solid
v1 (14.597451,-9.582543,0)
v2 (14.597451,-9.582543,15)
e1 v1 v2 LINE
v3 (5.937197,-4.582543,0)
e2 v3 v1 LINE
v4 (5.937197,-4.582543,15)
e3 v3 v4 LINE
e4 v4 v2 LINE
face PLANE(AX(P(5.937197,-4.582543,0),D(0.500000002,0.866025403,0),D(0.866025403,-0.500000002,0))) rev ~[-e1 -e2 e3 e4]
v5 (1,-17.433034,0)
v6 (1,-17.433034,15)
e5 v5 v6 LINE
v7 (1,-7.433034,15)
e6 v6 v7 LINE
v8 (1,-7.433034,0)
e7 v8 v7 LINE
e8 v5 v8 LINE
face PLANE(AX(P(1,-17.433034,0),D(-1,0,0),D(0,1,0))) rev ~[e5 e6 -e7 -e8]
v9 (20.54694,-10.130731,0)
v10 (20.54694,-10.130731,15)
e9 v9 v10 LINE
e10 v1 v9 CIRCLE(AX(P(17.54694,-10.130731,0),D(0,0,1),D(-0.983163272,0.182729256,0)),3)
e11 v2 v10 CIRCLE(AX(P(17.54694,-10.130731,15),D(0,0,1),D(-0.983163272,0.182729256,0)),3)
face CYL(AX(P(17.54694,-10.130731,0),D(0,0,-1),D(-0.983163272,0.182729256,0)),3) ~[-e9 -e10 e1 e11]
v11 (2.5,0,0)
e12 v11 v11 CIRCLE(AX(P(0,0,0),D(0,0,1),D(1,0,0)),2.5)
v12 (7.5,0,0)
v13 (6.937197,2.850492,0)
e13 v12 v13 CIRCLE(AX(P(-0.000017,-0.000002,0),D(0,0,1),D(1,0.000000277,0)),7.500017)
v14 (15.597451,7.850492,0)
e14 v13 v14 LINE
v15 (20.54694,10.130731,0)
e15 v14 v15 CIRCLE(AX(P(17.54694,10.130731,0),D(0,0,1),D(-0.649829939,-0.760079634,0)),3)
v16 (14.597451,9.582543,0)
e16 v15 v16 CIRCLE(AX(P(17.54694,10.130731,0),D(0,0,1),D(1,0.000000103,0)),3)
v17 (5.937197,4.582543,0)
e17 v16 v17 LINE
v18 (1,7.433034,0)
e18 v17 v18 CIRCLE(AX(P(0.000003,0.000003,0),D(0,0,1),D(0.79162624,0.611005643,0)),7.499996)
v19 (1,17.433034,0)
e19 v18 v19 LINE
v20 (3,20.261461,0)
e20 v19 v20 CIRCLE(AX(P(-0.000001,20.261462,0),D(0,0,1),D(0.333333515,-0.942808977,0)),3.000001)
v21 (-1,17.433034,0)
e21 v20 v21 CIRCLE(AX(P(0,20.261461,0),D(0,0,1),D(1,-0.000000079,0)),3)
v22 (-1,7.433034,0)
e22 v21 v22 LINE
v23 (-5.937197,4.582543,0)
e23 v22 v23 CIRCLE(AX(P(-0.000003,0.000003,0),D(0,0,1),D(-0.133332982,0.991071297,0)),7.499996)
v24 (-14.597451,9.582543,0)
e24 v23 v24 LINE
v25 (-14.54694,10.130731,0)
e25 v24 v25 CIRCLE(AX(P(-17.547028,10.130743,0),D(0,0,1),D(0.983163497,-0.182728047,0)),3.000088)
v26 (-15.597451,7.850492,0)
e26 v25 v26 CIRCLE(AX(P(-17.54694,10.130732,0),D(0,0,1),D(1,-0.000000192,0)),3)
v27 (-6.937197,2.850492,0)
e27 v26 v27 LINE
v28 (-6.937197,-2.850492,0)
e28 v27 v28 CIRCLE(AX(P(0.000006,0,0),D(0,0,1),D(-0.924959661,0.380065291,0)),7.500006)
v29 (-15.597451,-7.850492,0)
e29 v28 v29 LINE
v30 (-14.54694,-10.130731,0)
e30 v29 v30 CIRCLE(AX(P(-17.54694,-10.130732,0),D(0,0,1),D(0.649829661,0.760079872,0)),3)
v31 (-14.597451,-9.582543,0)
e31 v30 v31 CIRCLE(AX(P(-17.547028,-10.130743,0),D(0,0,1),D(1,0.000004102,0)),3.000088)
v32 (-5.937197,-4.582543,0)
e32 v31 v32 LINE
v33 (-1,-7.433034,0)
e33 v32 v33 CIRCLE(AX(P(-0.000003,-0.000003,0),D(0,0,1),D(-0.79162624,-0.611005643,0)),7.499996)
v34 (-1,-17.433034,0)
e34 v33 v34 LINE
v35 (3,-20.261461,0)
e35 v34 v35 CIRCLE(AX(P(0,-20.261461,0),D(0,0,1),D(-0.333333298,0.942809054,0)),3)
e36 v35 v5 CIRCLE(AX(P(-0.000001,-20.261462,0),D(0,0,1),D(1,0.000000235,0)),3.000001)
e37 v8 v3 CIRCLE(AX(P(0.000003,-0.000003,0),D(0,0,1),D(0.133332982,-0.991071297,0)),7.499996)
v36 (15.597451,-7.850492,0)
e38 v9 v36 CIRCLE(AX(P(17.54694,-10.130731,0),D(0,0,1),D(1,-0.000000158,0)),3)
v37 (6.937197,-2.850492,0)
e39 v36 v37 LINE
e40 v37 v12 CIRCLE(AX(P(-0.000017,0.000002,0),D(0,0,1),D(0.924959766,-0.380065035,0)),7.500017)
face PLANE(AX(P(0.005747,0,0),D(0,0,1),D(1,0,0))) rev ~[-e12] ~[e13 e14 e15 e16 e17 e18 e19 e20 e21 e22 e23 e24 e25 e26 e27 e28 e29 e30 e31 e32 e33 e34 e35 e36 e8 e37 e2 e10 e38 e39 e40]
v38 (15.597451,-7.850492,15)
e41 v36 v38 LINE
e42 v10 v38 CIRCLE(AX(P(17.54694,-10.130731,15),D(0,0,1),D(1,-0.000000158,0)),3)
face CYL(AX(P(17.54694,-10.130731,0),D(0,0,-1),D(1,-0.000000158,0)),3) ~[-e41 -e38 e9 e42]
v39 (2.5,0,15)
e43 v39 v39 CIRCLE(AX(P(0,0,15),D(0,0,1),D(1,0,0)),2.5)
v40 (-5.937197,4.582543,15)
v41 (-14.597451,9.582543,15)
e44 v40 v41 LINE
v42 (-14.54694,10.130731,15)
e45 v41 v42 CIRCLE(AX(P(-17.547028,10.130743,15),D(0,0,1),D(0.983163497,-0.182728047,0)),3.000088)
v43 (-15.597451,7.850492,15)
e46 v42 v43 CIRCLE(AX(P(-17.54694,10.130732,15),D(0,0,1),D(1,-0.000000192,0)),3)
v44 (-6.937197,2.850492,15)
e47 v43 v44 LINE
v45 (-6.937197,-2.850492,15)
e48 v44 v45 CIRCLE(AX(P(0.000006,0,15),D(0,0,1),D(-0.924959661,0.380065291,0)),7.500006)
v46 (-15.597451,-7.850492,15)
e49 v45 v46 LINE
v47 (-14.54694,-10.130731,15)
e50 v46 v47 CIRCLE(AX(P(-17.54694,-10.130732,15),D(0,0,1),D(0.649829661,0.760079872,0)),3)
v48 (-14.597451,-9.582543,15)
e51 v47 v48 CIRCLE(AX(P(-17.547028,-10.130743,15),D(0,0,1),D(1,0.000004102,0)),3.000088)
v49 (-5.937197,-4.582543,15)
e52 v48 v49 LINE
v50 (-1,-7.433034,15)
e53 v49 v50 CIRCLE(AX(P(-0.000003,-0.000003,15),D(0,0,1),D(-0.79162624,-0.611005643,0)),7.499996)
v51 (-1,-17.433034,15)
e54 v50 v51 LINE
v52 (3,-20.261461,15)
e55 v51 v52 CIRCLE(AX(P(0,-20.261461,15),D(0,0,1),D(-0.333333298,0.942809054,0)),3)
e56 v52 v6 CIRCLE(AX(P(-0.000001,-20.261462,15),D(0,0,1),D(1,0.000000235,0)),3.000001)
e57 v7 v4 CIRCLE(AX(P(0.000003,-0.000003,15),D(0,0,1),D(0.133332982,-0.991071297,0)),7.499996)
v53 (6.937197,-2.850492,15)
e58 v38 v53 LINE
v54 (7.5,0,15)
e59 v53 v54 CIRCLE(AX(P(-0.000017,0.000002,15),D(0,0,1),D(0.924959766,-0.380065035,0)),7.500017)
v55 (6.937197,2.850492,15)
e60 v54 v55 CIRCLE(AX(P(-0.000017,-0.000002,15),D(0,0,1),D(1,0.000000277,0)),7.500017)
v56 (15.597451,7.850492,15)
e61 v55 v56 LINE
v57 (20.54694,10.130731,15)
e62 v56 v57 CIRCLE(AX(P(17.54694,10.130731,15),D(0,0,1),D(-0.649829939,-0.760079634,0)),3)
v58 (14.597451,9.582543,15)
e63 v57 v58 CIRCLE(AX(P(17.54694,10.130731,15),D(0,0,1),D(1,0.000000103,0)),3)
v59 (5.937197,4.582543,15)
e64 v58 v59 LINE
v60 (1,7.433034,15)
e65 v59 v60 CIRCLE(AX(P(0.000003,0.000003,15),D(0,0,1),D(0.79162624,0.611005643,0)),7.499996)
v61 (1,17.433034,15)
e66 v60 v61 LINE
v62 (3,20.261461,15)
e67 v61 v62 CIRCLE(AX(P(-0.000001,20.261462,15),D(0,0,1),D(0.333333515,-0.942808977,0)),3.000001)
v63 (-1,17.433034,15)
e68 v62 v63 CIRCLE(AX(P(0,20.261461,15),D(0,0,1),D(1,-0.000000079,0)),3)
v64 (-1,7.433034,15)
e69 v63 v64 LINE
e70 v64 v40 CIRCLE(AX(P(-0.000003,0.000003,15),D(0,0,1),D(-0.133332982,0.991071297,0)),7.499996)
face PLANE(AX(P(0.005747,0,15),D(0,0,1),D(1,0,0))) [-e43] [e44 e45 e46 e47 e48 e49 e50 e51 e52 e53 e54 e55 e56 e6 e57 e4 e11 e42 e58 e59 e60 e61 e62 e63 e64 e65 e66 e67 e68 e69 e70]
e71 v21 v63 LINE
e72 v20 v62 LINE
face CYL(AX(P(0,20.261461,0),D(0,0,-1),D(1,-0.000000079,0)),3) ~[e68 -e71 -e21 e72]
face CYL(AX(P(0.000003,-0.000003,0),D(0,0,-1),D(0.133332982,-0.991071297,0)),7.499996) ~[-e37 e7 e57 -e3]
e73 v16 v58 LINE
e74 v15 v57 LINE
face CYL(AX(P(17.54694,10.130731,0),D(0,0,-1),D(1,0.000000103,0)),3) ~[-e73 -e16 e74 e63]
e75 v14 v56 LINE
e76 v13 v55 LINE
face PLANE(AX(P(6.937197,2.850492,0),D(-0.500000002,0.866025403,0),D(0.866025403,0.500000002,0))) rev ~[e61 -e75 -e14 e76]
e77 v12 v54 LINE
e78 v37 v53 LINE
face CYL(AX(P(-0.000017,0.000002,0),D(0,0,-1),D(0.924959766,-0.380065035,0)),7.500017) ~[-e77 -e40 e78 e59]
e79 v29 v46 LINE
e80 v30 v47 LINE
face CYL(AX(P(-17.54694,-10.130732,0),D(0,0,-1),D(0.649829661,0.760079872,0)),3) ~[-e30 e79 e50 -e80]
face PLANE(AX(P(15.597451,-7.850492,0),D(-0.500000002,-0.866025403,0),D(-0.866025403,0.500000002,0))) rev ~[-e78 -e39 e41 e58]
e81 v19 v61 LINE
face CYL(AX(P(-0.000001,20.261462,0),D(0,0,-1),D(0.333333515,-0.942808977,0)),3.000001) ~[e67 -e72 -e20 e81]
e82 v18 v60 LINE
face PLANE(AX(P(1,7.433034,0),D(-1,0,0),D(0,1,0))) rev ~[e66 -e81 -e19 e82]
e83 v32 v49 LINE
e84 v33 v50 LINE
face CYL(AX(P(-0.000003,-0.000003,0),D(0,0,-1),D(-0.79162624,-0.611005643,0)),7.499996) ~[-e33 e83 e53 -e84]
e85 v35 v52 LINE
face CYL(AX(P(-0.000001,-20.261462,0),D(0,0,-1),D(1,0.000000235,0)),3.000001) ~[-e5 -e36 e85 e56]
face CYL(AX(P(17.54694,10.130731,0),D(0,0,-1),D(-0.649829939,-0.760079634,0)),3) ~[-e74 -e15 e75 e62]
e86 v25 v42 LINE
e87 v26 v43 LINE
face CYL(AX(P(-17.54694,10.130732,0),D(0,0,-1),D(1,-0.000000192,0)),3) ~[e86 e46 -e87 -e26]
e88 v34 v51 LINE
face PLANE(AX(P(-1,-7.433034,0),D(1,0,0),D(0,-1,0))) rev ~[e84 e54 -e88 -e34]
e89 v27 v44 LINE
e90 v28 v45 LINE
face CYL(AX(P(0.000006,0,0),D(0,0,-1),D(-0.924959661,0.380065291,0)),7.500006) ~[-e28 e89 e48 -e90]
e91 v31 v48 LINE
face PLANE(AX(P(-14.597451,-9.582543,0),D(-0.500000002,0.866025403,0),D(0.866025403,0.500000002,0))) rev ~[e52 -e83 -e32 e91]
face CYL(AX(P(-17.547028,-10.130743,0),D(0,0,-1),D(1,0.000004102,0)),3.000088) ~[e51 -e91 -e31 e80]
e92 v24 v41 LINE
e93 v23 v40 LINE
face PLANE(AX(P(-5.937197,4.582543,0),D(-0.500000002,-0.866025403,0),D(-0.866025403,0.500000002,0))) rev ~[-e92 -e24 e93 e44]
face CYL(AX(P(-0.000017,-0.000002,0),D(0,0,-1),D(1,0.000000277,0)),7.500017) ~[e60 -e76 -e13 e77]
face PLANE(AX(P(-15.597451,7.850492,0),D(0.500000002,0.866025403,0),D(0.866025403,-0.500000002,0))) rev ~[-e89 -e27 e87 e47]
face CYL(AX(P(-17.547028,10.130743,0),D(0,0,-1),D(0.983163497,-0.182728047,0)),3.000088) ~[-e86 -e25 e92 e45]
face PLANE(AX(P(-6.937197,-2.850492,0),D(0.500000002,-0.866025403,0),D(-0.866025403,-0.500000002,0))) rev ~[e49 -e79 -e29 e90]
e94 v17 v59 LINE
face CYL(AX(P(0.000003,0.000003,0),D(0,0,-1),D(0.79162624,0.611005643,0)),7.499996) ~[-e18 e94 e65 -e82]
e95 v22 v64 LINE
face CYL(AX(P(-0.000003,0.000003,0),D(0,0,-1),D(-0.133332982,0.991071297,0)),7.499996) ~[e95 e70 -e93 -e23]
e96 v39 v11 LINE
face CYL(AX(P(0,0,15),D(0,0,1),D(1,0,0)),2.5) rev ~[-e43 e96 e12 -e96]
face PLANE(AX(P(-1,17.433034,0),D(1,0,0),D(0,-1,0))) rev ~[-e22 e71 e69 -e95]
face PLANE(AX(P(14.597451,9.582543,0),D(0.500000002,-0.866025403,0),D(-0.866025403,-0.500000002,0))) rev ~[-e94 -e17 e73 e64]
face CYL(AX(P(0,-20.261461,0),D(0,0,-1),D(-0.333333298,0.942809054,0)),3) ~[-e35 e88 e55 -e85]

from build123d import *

# Parameters (mm, degrees)
F1_DEPTH = 15
F2_R     = 2.5
F3_DEPTH = 15.001


with BuildPart() as f1:
    # F0 (on Top) → F1 (new body)
    with BuildSketch(Plane.XY):
        with BuildLine():
            ThreePointArc((6.937197, -2.850492), (7.357954, -1.45276), (7.5, 0))
            ThreePointArc((7.5, 0), (7.357954, 1.45276), (6.937197, 2.850492))
            ThreePointArc((6.937197, 2.850492), (6.495191, 3.75), (5.937197, 4.582543))
            ThreePointArc((5.937197, 4.582543), (3.75, 6.495191), (1, 7.433034))
            ThreePointArc((1, 7.433034), (0, 7.5), (-1, 7.433034))
            ThreePointArc((-1, 7.433034), (-3.75, 6.495191), (-5.937197, 4.582543))
            ThreePointArc((-5.937197, 4.582543), (-6.495191, 3.75), (-6.937197, 2.850492))
            ThreePointArc((-6.937197, 2.850492), (-7.5, 0), (-6.937197, -2.850492))
            ThreePointArc((-6.937197, -2.850492), (-6.495191, -3.75), (-5.937197, -4.582543))
            ThreePointArc((-5.937197, -4.582543), (-3.75, -6.495191), (-1, -7.433034))
            ThreePointArc((-1, -7.433034), (0, -7.5), (1, -7.433034))
            ThreePointArc((1, -7.433034), (3.75, -6.495191), (5.937197, -4.582543))
            ThreePointArc((5.937197, -4.582543), (6.495191, -3.75), (6.937197, -2.850492))
        make_face()
        with BuildLine():
            ThreePointArc((5.937197, 4.582543), (6.495191, 3.75), (6.937197, 2.850492))
            Line((6.937197, 2.850492), (15.597451, 7.850492))
            ThreePointArc((15.597451, 7.850492), (14.948864, 8.630731), (14.597451, 9.582543))
            Line((14.597451, 9.582543), (5.937197, 4.582543))
        make_face()
        with BuildLine():
            Line((15.597451, -7.850492), (6.937197, -2.850492))
            ThreePointArc((6.937197, -2.850492), (6.495191, -3.75), (5.937197, -4.582543))
            Line((5.937197, -4.582543), (14.597451, -9.582543))
            ThreePointArc((14.597451, -9.582543), (14.948864, -8.630731), (15.597451, -7.850492))
        make_face()
        with BuildLine():
            ThreePointArc((14.597451, 9.582543), (14.948864, 8.630731), (15.597451, 7.850492))
            ThreePointArc((15.597451, 7.850492), (18.802235, 7.405986), (20.54694, 10.130731))
            ThreePointArc((20.54694, 10.130731), (17.271685, 13.118076), (14.597451, 9.582543))
        make_face()
        with BuildLine():
            ThreePointArc((20.54694, -10.130731), (18.802235, -7.405986), (15.597451, -7.850492))
            ThreePointArc((15.597451, -7.850492), (14.948864, -8.630731), (14.597451, -9.582543))
            ThreePointArc((14.597451, -9.582543), (17.271685, -13.118076), (20.54694, -10.130731))
        make_face()
        with BuildLine():
            ThreePointArc((-1, 7.433034), (0, 7.5), (1, 7.433034))
            Line((1, 7.433034), (1, 17.433034))
            ThreePointArc((1, 17.433034), (0, 17.261461), (-1, 17.433034))
            Line((-1, 17.433034), (-1, 7.433034))
        make_face()
        with BuildLine():
            Line((1, -17.433034), (1, -7.433034))
            ThreePointArc((1, -7.433034), (0, -7.5), (-1, -7.433034))
            Line((-1, -7.433034), (-1, -17.433034))
            ThreePointArc((-1, -17.433034), (0, -17.261461), (1, -17.433034))
        make_face()
        with BuildLine():
            ThreePointArc((-1, 17.433034), (0, 17.261461), (1, 17.433034))
            ThreePointArc((1, 17.433034), (2.44949, 18.529411), (3, 20.261461))
            ThreePointArc((3, 20.261461), (-1.732051, 22.710951), (-1, 17.433034))
        make_face()
        with BuildLine():
            ThreePointArc((3, -20.261461), (2.44949, -18.529411), (1, -17.433034))
            ThreePointArc((1, -17.433034), (0, -17.261461), (-1, -17.433034))
            ThreePointArc((-1, -17.433034), (-1.732051, -22.710951), (3, -20.261461))
        make_face()
        with BuildLine():
            ThreePointArc((-6.937197, 2.850492), (-6.495191, 3.75), (-5.937197, 4.582543))
            Line((-5.937197, 4.582543), (-14.597451, 9.582543))
            ThreePointArc((-14.597451, 9.582543), (-14.948864, 8.630731), (-15.597451, 7.850492))
            Line((-15.597451, 7.850492), (-6.937197, 2.850492))
        make_face()
        with BuildLine():
            Line((-14.597451, -9.582543), (-5.937197, -4.582543))
            ThreePointArc((-5.937197, -4.582543), (-6.495191, -3.75), (-6.937197, -2.850492))
            Line((-6.937197, -2.850492), (-15.597451, -7.850492))
            ThreePointArc((-15.597451, -7.850492), (-14.948864, -8.630731), (-14.597451, -9.582543))
        make_face()
        with BuildLine():
            ThreePointArc((-15.597451, 7.850492), (-14.948864, 8.630731), (-14.597451, 9.582543))
            ThreePointArc((-14.597451, 9.582543), (-14.559595, 9.855476), (-14.54694, 10.130731))
            ThreePointArc((-14.54694, 10.130731), (-20.271685, 11.386026), (-15.597451, 7.850492))
        make_face()
        with BuildLine():
            ThreePointArc((-14.54694, -10.130731), (-14.559595, -9.855476), (-14.597451, -9.582543))
            ThreePointArc((-14.597451, -9.582543), (-14.948864, -8.630731), (-15.597451, -7.850492))
            ThreePointArc((-15.597451, -7.850492), (-20.271685, -11.386026), (-14.54694, -10.130731))
        make_face()
    extrude(amount=F1_DEPTH)

    # F2 (on face) → F3 (cut, through all)
    with BuildSketch(Plane.XY.offset(15)):
        Circle(F2_R)
    extrude(amount=-F3_DEPTH, mode=Mode.SUBTRACT)


solid = f1.part
